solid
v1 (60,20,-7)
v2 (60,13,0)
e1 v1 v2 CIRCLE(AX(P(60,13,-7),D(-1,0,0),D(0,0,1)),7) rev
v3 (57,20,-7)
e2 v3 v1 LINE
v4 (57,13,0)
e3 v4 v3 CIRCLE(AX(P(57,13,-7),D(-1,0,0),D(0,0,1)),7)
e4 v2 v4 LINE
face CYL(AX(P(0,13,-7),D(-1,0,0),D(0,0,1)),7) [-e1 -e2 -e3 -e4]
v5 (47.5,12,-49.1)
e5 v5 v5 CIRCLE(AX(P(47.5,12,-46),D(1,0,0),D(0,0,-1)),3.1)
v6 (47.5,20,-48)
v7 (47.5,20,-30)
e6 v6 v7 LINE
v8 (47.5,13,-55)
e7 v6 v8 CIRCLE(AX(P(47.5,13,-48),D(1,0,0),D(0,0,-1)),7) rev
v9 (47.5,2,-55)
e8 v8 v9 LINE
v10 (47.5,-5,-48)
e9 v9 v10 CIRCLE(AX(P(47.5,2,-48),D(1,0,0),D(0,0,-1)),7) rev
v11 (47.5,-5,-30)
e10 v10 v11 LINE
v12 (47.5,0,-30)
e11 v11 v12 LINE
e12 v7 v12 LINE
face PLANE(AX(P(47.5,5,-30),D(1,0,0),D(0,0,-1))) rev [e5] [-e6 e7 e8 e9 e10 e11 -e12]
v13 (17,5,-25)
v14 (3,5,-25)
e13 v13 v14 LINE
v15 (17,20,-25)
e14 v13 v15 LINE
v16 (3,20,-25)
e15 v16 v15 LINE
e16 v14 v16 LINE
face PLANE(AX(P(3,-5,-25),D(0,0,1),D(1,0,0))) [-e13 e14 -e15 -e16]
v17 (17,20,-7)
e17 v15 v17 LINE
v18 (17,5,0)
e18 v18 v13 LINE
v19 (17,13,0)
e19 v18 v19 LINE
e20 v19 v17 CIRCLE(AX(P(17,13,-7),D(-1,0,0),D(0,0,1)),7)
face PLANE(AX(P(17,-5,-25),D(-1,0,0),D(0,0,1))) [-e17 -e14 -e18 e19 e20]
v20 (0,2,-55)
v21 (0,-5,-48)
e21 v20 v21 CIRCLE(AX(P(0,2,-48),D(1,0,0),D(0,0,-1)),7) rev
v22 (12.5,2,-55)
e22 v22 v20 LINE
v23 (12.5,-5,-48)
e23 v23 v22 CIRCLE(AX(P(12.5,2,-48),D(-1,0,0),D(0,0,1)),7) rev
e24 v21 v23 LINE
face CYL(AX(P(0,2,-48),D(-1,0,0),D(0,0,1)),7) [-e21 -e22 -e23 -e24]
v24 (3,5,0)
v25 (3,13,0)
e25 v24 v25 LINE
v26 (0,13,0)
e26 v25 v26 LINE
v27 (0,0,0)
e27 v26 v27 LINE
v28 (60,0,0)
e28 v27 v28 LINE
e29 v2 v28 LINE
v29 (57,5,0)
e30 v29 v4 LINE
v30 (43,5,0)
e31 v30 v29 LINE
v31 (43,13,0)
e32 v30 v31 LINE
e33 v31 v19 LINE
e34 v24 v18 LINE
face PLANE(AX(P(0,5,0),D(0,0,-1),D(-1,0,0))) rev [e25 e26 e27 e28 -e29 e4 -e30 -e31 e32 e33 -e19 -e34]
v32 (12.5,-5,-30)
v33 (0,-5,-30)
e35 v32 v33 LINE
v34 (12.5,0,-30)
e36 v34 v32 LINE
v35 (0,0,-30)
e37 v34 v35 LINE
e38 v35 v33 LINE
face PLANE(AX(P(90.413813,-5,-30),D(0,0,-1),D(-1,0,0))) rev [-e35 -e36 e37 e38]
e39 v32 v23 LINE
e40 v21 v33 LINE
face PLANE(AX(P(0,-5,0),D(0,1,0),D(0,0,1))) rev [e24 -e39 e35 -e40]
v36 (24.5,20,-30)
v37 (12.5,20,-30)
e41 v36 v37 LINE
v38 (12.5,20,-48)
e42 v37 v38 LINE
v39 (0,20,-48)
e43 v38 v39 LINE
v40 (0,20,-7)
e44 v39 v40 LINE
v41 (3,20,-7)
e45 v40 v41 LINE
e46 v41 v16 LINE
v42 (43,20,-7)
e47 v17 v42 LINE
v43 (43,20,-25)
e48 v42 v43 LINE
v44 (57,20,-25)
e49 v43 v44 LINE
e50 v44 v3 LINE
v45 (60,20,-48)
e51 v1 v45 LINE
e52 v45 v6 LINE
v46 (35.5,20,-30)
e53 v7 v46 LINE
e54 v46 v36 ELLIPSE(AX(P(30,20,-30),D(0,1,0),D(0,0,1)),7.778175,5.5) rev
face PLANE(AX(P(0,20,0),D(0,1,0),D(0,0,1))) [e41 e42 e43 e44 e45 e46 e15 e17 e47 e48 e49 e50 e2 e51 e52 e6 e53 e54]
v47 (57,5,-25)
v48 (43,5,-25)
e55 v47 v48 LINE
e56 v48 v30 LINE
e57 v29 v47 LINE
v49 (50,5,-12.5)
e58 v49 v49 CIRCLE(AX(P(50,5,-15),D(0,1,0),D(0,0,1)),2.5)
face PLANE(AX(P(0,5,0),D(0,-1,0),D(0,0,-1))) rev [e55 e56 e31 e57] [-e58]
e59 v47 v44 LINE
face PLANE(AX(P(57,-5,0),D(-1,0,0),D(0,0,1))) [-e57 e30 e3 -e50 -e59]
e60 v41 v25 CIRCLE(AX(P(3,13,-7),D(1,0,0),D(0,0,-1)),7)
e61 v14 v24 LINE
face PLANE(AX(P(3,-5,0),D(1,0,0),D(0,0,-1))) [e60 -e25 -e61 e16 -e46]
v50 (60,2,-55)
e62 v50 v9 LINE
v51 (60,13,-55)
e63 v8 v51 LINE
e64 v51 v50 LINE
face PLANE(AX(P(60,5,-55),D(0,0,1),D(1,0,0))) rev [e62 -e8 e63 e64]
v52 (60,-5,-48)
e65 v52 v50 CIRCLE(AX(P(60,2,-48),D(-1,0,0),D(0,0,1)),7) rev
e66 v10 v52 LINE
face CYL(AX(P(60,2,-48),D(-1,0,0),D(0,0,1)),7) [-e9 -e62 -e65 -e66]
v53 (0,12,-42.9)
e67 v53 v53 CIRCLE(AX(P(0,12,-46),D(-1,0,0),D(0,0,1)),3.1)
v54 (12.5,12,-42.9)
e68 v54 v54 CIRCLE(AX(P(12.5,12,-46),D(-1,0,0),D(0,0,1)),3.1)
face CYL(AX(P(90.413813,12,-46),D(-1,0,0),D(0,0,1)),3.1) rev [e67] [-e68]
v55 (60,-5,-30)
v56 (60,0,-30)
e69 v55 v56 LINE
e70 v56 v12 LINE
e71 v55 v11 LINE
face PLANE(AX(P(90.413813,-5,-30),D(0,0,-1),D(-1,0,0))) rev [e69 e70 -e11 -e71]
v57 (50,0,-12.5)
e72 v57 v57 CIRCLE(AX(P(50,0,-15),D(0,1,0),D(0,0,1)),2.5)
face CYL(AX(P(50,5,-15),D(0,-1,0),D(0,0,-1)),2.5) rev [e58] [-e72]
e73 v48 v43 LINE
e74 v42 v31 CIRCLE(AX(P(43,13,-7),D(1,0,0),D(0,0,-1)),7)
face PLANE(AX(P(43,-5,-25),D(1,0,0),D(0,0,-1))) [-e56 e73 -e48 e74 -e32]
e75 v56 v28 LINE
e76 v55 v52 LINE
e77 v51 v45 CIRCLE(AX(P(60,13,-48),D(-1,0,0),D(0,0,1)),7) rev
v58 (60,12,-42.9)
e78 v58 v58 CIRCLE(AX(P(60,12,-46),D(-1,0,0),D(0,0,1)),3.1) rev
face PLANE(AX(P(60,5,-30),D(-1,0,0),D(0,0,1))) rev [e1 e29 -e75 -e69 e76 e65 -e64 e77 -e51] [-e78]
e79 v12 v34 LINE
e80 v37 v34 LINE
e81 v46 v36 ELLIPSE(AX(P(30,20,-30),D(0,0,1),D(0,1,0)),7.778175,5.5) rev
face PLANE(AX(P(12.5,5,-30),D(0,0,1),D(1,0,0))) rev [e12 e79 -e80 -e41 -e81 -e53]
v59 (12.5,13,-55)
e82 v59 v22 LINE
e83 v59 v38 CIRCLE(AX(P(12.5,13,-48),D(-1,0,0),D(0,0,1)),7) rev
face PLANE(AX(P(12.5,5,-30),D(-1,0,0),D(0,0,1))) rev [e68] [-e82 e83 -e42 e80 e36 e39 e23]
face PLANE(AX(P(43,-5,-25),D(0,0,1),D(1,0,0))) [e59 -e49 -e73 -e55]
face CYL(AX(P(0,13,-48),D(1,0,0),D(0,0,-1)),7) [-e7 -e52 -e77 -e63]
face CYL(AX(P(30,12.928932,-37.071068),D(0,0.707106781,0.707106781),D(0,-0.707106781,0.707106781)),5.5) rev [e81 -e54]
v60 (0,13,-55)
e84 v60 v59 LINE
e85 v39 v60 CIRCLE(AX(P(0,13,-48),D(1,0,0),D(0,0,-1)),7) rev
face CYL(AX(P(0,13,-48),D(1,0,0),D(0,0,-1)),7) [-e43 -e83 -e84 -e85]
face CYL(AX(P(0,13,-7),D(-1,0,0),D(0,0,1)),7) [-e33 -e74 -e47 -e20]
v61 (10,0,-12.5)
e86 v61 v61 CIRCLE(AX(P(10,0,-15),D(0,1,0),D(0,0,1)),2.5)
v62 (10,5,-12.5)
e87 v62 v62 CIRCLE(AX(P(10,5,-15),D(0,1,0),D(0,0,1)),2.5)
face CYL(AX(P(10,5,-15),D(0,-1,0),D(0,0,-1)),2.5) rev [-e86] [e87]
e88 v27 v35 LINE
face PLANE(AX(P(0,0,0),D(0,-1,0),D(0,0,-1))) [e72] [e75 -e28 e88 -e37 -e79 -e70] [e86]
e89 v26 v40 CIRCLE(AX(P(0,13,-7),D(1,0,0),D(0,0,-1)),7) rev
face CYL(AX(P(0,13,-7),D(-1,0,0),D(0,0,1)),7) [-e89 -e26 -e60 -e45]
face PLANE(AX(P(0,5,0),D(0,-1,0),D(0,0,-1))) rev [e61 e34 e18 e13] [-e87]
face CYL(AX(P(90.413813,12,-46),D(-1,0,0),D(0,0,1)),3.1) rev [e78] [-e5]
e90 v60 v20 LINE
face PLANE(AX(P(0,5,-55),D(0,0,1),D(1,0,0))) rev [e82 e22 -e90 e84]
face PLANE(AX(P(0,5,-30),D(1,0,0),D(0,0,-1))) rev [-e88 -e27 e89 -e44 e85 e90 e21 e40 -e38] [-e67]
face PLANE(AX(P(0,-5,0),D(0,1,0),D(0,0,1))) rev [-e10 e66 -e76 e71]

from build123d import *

# Parameters (mm, degrees)
CROQUIS1_R                   = 2.5
SALIENTE_EXTRUIR1_DEPTH      = 5
SALIENTE_EXTRUIR2_DEPTH      = 15
SALIENTE_EXTRUIR2_DEPTH_BACK = 10
CORTAR_EXTRUIR2_REACH        = 85.815
CROQUIS4_R                   = 3.1
CROQUIS4_W                   = 30
CROQUIS4_H                   = 5
REDONDEO2_R                  = 7
CORTAR_EXTRUIR3_DEPTH        = 10
CORTAR_EXTRUIR3_DEPTH_BACK   = 10
CROQUIS5_R                   = 5.5


with BuildPart() as part:
    # Croquis1 → Saliente-Extruir1 (new body)
    with BuildSketch(Plane(origin=(0, 0, 0), x_dir=(1, 0, 0), z_dir=(0, 1, 0))):
        Polygon((0, 0), (60, 0), (60, 30), (60, 55), (47.5, 55), (47.5, 30), (12.5, 30), (12.5, 55), (0, 55), (0, 30), align=None)
        with Locations(Location((10, 15, 0), (0, 0, 270))):
            Circle(CROQUIS1_R, mode=Mode.SUBTRACT)
        with Locations(Location((50, 15, 0), (0, 0, 270))):
            Circle(CROQUIS1_R, mode=Mode.SUBTRACT)
    extrude(amount=SALIENTE_EXTRUIR1_DEPTH)

    # Croquis2 → Saliente-Extruir2 (add, two sides: drawn at the far end of the back side and taken through both)
    with BuildSketch(Plane(origin=(0, 5, 0), x_dir=(1, 0, 0), z_dir=(0, 1, 0)).offset(-SALIENTE_EXTRUIR2_DEPTH_BACK)):
        Polygon((3, 0), (3, 25), (17, 25), (17, 0), (43, 0), (43, 25), (57, 25), (57, 0), (60, 0), (60, 55), (47.5, 55), (47.5, 30), (12.5, 30), (12.5, 55), (0, 55), (0, 0), align=None)
    extrude(amount=SALIENTE_EXTRUIR2_DEPTH + SALIENTE_EXTRUIR2_DEPTH_BACK)

    # Cortar-Extruir2: up to this face of the body (flat: up to its plane)
    cortar_extruir2_end = Plane(part.part.faces().sort_by_distance((60, 7.5, -27.5))[0])
    # Croquis4 → Cortar-Extruir2 (cut, up to the picked face)
    with BuildSketch(Plane.ZY, mode=Mode.PRIVATE) as cortar_extruir2_sk1:
        with Locations((-46, 12)):
            Circle(CROQUIS4_R)
    cortar_extruir2_tool1 = split(extrude(cortar_extruir2_sk1.sketch, amount=-CORTAR_EXTRUIR2_REACH, mode=Mode.PRIVATE), bisect_by=cortar_extruir2_end, keep=Keep.BOTH, mode=Mode.PRIVATE)
    # Croquis4 → Cortar-Extruir2 (cut, up to the picked face)
    with BuildSketch(Plane.ZY, mode=Mode.PRIVATE) as cortar_extruir2_sk2:
        with Locations((-15, -2.5)):
            Rectangle(CROQUIS4_W, CROQUIS4_H)
    cortar_extruir2_tool2 = split(extrude(cortar_extruir2_sk2.sketch, amount=-CORTAR_EXTRUIR2_REACH, mode=Mode.PRIVATE), bisect_by=cortar_extruir2_end, keep=Keep.BOTH, mode=Mode.PRIVATE)
    add(cortar_extruir2_tool1.solids().sort_by(Axis((0, 12, -46), (1, 0, 0)))[0], mode=Mode.SUBTRACT)
    add(cortar_extruir2_tool2.solids().sort_by(Axis((0, -2.5, -15), (1, 0, 0)))[0], mode=Mode.SUBTRACT)

    # Redondeo2
    redondeo2_edges = [part.edges().sort_by_distance(p)[0] for p in [
        (6.25, -5, -55),
        (53.75, -5, -55),
        (6.25, 20, -55),
        (1.5, 20, 0),
        (30, 20, 0),
        (58.5, 20, 0),
        (53.75, 20, -55),
    ]]
    fillet(redondeo2_edges, radius=REDONDEO2_R)

    # Croquis5 → Cortar-Extruir3 (cut, two sides: drawn at the far end of the back side and taken through both)
    with BuildSketch(Plane(origin=(0, -5, -5), x_dir=(-1, 0, 0), z_dir=(0, -0.7071067811865488, -0.7071067811865464)).offset(-CORTAR_EXTRUIR3_DEPTH_BACK)):
        with Locations((-30, 35.355339059)):
            Circle(CROQUIS5_R)
    extrude(amount=CORTAR_EXTRUIR3_DEPTH + CORTAR_EXTRUIR3_DEPTH_BACK, mode=Mode.SUBTRACT)


solid = part.part
